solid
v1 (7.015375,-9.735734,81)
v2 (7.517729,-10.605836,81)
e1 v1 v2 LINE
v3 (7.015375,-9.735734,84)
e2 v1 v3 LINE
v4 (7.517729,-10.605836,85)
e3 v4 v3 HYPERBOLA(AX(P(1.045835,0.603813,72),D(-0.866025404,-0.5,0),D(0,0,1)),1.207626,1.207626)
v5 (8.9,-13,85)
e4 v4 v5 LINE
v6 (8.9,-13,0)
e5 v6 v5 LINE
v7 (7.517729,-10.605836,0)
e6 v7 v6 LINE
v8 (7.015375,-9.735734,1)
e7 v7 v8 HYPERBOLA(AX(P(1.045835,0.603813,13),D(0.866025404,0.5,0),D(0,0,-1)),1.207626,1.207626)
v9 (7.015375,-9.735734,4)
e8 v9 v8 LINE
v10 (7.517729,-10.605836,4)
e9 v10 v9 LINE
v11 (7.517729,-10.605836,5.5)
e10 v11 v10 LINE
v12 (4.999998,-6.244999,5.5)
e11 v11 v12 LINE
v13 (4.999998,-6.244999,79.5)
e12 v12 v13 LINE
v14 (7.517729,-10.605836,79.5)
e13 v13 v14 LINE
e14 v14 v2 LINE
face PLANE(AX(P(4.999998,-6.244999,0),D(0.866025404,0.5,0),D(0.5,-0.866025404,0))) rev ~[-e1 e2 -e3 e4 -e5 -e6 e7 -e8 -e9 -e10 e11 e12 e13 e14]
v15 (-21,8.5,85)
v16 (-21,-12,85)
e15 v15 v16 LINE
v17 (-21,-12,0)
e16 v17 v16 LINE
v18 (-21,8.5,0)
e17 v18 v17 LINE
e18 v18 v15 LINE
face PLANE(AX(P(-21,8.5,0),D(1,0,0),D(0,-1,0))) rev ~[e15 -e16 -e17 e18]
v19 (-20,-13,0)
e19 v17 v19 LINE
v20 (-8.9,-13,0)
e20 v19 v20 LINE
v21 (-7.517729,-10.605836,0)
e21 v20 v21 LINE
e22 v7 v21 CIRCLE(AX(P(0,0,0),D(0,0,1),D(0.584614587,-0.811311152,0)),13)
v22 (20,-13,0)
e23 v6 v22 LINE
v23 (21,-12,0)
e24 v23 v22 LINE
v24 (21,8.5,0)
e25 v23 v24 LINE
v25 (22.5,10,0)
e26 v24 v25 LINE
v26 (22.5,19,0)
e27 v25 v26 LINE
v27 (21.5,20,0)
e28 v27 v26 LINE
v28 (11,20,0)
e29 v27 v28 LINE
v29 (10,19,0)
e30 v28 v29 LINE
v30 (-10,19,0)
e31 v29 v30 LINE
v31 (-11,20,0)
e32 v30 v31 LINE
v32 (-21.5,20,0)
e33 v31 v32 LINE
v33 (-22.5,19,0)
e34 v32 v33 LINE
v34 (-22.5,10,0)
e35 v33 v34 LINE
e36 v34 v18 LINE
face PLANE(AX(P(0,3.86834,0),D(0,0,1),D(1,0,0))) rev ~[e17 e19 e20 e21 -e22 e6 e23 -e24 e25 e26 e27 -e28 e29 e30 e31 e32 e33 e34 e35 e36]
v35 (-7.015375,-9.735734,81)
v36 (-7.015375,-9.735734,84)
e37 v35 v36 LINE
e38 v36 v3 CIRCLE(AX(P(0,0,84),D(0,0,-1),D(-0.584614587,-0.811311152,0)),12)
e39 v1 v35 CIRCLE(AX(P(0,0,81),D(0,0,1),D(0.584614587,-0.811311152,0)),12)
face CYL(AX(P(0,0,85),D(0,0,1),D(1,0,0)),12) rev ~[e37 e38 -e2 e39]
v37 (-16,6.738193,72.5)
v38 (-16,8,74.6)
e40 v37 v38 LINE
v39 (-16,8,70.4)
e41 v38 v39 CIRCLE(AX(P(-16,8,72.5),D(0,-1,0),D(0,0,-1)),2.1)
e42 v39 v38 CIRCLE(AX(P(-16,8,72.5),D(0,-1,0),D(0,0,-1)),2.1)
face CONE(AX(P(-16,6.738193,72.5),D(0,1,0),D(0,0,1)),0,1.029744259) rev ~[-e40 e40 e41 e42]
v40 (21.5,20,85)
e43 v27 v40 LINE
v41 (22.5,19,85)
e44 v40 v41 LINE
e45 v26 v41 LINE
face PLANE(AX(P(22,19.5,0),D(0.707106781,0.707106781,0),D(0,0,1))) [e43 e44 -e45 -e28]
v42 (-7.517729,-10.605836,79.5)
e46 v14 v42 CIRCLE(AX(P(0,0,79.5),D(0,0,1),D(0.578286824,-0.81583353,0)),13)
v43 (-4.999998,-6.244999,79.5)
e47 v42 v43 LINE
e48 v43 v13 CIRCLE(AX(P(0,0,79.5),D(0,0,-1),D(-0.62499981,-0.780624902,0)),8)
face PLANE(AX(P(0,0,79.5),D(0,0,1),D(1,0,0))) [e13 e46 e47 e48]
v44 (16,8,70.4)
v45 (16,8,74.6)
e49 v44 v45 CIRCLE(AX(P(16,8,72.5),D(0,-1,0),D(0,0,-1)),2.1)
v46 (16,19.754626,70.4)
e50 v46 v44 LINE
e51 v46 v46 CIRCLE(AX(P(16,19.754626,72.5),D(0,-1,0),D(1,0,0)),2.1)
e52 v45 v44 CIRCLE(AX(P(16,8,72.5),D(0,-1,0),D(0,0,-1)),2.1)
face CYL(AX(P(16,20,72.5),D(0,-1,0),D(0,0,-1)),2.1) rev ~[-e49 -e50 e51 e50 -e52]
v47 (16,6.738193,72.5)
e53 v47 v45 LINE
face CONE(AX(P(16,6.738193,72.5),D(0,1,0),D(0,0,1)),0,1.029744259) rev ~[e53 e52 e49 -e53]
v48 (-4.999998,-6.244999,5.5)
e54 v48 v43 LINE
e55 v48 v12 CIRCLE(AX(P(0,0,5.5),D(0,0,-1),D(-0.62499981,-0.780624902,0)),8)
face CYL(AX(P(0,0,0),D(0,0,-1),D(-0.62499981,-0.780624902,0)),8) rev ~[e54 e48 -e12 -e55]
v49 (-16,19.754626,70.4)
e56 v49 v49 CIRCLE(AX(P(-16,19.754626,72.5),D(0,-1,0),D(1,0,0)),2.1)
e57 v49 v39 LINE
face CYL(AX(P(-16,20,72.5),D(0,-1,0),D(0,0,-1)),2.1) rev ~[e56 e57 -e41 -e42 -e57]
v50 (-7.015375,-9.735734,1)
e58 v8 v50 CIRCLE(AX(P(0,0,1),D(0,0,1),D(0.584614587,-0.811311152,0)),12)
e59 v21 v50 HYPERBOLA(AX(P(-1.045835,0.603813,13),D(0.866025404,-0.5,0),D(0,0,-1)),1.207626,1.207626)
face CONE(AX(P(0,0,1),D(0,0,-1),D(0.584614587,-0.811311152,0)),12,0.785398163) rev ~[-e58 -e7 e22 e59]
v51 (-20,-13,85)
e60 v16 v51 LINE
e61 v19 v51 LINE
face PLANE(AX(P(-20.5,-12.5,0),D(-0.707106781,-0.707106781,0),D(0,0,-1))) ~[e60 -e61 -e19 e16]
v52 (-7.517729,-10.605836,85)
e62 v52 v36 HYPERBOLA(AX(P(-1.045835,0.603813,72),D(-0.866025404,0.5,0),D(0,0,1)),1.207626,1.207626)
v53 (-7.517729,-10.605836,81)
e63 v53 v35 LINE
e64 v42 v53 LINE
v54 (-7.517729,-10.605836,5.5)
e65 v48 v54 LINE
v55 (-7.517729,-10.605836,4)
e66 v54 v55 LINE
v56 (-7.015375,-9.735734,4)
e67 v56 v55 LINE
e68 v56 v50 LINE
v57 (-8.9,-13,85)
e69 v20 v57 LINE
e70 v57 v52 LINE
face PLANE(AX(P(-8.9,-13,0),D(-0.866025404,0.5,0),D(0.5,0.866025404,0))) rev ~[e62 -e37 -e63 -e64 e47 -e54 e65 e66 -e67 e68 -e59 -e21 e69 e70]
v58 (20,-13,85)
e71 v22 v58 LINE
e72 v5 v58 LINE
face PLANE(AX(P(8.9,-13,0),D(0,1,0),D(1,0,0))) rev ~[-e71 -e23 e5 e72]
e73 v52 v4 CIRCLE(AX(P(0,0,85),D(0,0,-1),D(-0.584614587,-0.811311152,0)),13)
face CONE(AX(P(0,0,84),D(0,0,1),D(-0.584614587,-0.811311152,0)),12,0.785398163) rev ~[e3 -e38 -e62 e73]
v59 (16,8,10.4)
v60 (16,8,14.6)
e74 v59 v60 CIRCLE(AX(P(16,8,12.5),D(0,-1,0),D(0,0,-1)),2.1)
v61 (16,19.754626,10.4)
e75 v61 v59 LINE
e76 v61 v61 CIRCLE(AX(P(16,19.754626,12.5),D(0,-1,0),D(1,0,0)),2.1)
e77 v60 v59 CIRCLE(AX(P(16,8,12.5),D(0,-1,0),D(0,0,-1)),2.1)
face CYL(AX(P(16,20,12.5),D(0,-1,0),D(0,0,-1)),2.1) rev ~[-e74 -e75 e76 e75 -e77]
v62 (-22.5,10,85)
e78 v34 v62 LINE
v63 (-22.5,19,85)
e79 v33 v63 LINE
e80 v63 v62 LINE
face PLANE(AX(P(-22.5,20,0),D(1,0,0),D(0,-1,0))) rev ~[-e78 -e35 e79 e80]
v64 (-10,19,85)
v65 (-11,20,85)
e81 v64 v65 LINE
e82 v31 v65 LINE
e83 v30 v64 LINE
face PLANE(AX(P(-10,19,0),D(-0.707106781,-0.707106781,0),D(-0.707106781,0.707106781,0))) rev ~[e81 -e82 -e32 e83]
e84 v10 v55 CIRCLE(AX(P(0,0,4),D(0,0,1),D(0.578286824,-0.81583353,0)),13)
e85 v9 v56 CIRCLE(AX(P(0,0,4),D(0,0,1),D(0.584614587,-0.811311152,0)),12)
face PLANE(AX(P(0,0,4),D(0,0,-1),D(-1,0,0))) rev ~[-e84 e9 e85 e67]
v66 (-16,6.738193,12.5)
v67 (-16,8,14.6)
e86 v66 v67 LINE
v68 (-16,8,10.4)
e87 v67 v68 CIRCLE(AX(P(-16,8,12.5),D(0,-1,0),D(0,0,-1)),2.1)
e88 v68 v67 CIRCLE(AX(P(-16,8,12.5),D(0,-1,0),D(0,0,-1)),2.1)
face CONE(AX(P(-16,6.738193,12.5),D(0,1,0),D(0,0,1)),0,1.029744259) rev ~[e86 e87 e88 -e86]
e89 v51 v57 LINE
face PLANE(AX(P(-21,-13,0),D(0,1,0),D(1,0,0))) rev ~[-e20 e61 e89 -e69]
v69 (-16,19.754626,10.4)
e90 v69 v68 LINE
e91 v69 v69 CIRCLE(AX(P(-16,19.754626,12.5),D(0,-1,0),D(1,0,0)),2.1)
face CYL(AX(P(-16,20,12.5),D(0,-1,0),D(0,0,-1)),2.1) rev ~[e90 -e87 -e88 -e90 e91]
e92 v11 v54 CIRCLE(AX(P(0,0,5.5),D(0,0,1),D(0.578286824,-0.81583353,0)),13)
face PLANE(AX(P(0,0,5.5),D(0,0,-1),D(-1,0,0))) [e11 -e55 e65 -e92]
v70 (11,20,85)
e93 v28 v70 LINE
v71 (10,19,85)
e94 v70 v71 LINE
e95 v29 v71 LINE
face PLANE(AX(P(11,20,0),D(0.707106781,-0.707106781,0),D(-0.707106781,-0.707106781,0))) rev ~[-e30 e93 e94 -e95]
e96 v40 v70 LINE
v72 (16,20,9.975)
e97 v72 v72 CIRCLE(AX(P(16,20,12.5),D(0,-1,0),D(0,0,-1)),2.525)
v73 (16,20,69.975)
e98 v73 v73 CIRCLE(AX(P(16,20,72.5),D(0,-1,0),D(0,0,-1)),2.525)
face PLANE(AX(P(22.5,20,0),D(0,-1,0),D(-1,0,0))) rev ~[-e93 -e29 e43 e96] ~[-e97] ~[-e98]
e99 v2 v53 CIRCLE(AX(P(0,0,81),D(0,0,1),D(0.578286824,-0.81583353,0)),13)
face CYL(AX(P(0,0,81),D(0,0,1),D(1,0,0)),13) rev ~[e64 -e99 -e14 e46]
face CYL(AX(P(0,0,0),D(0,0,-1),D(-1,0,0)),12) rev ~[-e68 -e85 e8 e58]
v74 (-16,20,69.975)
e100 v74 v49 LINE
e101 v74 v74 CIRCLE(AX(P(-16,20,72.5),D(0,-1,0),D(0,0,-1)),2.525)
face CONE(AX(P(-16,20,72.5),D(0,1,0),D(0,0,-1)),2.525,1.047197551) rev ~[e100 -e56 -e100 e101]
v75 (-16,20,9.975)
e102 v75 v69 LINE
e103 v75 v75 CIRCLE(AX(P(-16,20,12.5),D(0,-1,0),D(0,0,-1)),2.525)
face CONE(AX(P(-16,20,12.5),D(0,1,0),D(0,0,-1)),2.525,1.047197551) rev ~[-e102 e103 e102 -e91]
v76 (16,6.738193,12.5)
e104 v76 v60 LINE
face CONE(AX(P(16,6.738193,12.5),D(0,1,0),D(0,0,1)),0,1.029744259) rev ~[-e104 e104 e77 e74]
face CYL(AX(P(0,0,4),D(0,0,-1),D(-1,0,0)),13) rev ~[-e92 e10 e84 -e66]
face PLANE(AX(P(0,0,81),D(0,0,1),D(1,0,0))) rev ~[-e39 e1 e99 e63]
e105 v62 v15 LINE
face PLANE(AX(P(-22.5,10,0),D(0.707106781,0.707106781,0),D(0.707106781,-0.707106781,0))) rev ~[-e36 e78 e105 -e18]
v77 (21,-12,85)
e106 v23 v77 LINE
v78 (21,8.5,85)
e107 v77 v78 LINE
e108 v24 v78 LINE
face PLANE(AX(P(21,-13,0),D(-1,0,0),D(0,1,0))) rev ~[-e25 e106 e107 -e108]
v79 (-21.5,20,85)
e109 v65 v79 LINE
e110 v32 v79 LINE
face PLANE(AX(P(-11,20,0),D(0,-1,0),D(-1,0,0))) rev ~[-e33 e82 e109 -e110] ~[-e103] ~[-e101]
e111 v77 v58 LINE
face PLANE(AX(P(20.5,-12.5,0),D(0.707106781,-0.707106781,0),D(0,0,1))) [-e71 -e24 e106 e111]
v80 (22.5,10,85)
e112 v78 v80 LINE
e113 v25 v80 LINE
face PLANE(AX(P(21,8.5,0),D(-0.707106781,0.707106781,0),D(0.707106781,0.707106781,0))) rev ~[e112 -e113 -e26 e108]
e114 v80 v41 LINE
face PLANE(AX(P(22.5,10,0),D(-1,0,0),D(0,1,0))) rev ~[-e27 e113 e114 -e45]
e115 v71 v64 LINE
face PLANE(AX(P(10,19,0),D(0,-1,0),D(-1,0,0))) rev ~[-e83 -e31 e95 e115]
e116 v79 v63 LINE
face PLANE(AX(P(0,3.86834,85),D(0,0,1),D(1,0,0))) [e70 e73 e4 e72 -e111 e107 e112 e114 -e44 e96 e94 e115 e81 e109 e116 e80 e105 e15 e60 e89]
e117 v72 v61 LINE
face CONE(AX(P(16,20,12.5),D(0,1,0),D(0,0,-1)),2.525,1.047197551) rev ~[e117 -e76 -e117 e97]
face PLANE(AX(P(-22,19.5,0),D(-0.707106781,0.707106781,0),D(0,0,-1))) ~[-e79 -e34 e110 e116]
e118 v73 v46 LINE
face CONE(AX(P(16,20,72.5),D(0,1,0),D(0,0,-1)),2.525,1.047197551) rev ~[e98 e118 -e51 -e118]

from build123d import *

# Parameters (mm, degrees)
BOSS_EXTRUDE1_DEPTH         = 85
CHAMFER2_SIZE               = 1
CHAMFER3_SIZE               = 1
M5_TAPPED_HOLE1_D           = 4.2
M5_TAPPED_HOLE1_DEPTH       = 12
M5_TAPPED_HOLE1_CSINK_D     = 5.05
M5_TAPPED_HOLE1_CSINK_ANGLE = 120
M5_TAPPED_HOLE1_TIP         = 1.2618073
SKETCH6_R                   = 12
CUT_EXTRUDE1_DEPTH          = 4
SKETCH7_R                   = 12
CUT_EXTRUDE2_DEPTH          = 4
CHAMFER5_SIZE               = 1
SKETCH12_R                  = 13
CUT_EXTRUDE7_DEPTH          = 1.5
SKETCH13_R                  = 13
CUT_EXTRUDE8_DEPTH          = 1.5


with BuildPart() as part:
    # Sketch1 → Boss-Extrude1 (new body)
    with BuildSketch(Plane.XY):
        with BuildLine():
            Line((10, 19), (-10, 19))
            Line((-10, 19), (-11, 20))
            Line((-11, 20), (-22.5, 20))
            Line((-22.5, 20), (-22.5, 10))
            Line((-22.5, 10), (-21, 8.5))
            Line((-21, 8.5), (-21, -13))
            Line((-21, -13), (-8.9, -13))
            Line((-8.9, -13), (-4.999998479, -6.244999216))
            ThreePointArc((-4.999998479, -6.244999216), (0, 8), (4.999998479, -6.244999216))
            Line((4.999998479, -6.244999216), (8.9, -13))
            Line((8.9, -13), (21, -13))
            Line((21, -13), (21, 8.5))
            Line((21, 8.5), (22.5, 10))
            Line((22.5, 10), (22.5, 20))
            Line((22.5, 20), (11, 20))
            Line((11, 20), (10, 19))
        make_face()
    extrude(amount=BOSS_EXTRUDE1_DEPTH)

    # Chamfer2
    chamfer2_edges = [part.edges().sort_by_distance(p)[0] for p in [
        (-22.5, 20, 42.5),
    ]]
    chamfer(chamfer2_edges, length=CHAMFER2_SIZE)

    # Chamfer3
    chamfer3_edges = [part.edges().sort_by_distance(p)[0] for p in [
        (-21, -13, 42.5),
        (22.5, 20, 42.5),
        (21, -13, 42.5),
    ]]
    chamfer(chamfer3_edges, length=CHAMFER3_SIZE)

    # M5 Tapped Hole1
    with Locations(Plane(origin=(-16, 20, 12.5), x_dir=(0, 0, 1), z_dir=(0, 1, 0))):
        with Locations((0, 0), (0, 32), (60, 0), (60, 32)):
            CounterSinkHole(M5_TAPPED_HOLE1_D / 2, M5_TAPPED_HOLE1_CSINK_D / 2, depth=M5_TAPPED_HOLE1_DEPTH, counter_sink_angle=M5_TAPPED_HOLE1_CSINK_ANGLE)
            with Locations((0, 0, -(M5_TAPPED_HOLE1_DEPTH + M5_TAPPED_HOLE1_TIP / 2))):  # 118° drill point
                Cone(0, M5_TAPPED_HOLE1_D / 2, M5_TAPPED_HOLE1_TIP, mode=Mode.SUBTRACT)

    # Sketch6 → Cut-Extrude1 (cut)
    with BuildSketch(Plane.XY.offset(85)):
        Circle(SKETCH6_R)
    extrude(amount=-CUT_EXTRUDE1_DEPTH, mode=Mode.SUBTRACT)

    # Sketch7 → Cut-Extrude2 (cut)
    with BuildSketch(Plane(origin=(0, 0, 0), x_dir=(-1, 0, 0), z_dir=(0, 0, -1))):
        Circle(SKETCH7_R)
    extrude(amount=-CUT_EXTRUDE2_DEPTH, mode=Mode.SUBTRACT)

    # Chamfer5
    chamfer5_edges = [part.edges().sort_by_distance(p)[0] for p in [
        (0, 12, 0),
        (0, 12, 85),
    ]]
    chamfer(chamfer5_edges, length=CHAMFER5_SIZE)

    # Sketch12 → Cut-Extrude7 (cut)
    with BuildSketch(Plane.XY.offset(81)):
        Circle(SKETCH12_R)
    extrude(amount=-CUT_EXTRUDE7_DEPTH, mode=Mode.SUBTRACT)

    # Sketch13 → Cut-Extrude8 (cut)
    with BuildSketch(Plane(origin=(0, 0, 4), x_dir=(-1, 0, 0), z_dir=(0, 0, -1))):
        Circle(SKETCH13_R)
    extrude(amount=-CUT_EXTRUDE8_DEPTH, mode=Mode.SUBTRACT)


solid = part.part
